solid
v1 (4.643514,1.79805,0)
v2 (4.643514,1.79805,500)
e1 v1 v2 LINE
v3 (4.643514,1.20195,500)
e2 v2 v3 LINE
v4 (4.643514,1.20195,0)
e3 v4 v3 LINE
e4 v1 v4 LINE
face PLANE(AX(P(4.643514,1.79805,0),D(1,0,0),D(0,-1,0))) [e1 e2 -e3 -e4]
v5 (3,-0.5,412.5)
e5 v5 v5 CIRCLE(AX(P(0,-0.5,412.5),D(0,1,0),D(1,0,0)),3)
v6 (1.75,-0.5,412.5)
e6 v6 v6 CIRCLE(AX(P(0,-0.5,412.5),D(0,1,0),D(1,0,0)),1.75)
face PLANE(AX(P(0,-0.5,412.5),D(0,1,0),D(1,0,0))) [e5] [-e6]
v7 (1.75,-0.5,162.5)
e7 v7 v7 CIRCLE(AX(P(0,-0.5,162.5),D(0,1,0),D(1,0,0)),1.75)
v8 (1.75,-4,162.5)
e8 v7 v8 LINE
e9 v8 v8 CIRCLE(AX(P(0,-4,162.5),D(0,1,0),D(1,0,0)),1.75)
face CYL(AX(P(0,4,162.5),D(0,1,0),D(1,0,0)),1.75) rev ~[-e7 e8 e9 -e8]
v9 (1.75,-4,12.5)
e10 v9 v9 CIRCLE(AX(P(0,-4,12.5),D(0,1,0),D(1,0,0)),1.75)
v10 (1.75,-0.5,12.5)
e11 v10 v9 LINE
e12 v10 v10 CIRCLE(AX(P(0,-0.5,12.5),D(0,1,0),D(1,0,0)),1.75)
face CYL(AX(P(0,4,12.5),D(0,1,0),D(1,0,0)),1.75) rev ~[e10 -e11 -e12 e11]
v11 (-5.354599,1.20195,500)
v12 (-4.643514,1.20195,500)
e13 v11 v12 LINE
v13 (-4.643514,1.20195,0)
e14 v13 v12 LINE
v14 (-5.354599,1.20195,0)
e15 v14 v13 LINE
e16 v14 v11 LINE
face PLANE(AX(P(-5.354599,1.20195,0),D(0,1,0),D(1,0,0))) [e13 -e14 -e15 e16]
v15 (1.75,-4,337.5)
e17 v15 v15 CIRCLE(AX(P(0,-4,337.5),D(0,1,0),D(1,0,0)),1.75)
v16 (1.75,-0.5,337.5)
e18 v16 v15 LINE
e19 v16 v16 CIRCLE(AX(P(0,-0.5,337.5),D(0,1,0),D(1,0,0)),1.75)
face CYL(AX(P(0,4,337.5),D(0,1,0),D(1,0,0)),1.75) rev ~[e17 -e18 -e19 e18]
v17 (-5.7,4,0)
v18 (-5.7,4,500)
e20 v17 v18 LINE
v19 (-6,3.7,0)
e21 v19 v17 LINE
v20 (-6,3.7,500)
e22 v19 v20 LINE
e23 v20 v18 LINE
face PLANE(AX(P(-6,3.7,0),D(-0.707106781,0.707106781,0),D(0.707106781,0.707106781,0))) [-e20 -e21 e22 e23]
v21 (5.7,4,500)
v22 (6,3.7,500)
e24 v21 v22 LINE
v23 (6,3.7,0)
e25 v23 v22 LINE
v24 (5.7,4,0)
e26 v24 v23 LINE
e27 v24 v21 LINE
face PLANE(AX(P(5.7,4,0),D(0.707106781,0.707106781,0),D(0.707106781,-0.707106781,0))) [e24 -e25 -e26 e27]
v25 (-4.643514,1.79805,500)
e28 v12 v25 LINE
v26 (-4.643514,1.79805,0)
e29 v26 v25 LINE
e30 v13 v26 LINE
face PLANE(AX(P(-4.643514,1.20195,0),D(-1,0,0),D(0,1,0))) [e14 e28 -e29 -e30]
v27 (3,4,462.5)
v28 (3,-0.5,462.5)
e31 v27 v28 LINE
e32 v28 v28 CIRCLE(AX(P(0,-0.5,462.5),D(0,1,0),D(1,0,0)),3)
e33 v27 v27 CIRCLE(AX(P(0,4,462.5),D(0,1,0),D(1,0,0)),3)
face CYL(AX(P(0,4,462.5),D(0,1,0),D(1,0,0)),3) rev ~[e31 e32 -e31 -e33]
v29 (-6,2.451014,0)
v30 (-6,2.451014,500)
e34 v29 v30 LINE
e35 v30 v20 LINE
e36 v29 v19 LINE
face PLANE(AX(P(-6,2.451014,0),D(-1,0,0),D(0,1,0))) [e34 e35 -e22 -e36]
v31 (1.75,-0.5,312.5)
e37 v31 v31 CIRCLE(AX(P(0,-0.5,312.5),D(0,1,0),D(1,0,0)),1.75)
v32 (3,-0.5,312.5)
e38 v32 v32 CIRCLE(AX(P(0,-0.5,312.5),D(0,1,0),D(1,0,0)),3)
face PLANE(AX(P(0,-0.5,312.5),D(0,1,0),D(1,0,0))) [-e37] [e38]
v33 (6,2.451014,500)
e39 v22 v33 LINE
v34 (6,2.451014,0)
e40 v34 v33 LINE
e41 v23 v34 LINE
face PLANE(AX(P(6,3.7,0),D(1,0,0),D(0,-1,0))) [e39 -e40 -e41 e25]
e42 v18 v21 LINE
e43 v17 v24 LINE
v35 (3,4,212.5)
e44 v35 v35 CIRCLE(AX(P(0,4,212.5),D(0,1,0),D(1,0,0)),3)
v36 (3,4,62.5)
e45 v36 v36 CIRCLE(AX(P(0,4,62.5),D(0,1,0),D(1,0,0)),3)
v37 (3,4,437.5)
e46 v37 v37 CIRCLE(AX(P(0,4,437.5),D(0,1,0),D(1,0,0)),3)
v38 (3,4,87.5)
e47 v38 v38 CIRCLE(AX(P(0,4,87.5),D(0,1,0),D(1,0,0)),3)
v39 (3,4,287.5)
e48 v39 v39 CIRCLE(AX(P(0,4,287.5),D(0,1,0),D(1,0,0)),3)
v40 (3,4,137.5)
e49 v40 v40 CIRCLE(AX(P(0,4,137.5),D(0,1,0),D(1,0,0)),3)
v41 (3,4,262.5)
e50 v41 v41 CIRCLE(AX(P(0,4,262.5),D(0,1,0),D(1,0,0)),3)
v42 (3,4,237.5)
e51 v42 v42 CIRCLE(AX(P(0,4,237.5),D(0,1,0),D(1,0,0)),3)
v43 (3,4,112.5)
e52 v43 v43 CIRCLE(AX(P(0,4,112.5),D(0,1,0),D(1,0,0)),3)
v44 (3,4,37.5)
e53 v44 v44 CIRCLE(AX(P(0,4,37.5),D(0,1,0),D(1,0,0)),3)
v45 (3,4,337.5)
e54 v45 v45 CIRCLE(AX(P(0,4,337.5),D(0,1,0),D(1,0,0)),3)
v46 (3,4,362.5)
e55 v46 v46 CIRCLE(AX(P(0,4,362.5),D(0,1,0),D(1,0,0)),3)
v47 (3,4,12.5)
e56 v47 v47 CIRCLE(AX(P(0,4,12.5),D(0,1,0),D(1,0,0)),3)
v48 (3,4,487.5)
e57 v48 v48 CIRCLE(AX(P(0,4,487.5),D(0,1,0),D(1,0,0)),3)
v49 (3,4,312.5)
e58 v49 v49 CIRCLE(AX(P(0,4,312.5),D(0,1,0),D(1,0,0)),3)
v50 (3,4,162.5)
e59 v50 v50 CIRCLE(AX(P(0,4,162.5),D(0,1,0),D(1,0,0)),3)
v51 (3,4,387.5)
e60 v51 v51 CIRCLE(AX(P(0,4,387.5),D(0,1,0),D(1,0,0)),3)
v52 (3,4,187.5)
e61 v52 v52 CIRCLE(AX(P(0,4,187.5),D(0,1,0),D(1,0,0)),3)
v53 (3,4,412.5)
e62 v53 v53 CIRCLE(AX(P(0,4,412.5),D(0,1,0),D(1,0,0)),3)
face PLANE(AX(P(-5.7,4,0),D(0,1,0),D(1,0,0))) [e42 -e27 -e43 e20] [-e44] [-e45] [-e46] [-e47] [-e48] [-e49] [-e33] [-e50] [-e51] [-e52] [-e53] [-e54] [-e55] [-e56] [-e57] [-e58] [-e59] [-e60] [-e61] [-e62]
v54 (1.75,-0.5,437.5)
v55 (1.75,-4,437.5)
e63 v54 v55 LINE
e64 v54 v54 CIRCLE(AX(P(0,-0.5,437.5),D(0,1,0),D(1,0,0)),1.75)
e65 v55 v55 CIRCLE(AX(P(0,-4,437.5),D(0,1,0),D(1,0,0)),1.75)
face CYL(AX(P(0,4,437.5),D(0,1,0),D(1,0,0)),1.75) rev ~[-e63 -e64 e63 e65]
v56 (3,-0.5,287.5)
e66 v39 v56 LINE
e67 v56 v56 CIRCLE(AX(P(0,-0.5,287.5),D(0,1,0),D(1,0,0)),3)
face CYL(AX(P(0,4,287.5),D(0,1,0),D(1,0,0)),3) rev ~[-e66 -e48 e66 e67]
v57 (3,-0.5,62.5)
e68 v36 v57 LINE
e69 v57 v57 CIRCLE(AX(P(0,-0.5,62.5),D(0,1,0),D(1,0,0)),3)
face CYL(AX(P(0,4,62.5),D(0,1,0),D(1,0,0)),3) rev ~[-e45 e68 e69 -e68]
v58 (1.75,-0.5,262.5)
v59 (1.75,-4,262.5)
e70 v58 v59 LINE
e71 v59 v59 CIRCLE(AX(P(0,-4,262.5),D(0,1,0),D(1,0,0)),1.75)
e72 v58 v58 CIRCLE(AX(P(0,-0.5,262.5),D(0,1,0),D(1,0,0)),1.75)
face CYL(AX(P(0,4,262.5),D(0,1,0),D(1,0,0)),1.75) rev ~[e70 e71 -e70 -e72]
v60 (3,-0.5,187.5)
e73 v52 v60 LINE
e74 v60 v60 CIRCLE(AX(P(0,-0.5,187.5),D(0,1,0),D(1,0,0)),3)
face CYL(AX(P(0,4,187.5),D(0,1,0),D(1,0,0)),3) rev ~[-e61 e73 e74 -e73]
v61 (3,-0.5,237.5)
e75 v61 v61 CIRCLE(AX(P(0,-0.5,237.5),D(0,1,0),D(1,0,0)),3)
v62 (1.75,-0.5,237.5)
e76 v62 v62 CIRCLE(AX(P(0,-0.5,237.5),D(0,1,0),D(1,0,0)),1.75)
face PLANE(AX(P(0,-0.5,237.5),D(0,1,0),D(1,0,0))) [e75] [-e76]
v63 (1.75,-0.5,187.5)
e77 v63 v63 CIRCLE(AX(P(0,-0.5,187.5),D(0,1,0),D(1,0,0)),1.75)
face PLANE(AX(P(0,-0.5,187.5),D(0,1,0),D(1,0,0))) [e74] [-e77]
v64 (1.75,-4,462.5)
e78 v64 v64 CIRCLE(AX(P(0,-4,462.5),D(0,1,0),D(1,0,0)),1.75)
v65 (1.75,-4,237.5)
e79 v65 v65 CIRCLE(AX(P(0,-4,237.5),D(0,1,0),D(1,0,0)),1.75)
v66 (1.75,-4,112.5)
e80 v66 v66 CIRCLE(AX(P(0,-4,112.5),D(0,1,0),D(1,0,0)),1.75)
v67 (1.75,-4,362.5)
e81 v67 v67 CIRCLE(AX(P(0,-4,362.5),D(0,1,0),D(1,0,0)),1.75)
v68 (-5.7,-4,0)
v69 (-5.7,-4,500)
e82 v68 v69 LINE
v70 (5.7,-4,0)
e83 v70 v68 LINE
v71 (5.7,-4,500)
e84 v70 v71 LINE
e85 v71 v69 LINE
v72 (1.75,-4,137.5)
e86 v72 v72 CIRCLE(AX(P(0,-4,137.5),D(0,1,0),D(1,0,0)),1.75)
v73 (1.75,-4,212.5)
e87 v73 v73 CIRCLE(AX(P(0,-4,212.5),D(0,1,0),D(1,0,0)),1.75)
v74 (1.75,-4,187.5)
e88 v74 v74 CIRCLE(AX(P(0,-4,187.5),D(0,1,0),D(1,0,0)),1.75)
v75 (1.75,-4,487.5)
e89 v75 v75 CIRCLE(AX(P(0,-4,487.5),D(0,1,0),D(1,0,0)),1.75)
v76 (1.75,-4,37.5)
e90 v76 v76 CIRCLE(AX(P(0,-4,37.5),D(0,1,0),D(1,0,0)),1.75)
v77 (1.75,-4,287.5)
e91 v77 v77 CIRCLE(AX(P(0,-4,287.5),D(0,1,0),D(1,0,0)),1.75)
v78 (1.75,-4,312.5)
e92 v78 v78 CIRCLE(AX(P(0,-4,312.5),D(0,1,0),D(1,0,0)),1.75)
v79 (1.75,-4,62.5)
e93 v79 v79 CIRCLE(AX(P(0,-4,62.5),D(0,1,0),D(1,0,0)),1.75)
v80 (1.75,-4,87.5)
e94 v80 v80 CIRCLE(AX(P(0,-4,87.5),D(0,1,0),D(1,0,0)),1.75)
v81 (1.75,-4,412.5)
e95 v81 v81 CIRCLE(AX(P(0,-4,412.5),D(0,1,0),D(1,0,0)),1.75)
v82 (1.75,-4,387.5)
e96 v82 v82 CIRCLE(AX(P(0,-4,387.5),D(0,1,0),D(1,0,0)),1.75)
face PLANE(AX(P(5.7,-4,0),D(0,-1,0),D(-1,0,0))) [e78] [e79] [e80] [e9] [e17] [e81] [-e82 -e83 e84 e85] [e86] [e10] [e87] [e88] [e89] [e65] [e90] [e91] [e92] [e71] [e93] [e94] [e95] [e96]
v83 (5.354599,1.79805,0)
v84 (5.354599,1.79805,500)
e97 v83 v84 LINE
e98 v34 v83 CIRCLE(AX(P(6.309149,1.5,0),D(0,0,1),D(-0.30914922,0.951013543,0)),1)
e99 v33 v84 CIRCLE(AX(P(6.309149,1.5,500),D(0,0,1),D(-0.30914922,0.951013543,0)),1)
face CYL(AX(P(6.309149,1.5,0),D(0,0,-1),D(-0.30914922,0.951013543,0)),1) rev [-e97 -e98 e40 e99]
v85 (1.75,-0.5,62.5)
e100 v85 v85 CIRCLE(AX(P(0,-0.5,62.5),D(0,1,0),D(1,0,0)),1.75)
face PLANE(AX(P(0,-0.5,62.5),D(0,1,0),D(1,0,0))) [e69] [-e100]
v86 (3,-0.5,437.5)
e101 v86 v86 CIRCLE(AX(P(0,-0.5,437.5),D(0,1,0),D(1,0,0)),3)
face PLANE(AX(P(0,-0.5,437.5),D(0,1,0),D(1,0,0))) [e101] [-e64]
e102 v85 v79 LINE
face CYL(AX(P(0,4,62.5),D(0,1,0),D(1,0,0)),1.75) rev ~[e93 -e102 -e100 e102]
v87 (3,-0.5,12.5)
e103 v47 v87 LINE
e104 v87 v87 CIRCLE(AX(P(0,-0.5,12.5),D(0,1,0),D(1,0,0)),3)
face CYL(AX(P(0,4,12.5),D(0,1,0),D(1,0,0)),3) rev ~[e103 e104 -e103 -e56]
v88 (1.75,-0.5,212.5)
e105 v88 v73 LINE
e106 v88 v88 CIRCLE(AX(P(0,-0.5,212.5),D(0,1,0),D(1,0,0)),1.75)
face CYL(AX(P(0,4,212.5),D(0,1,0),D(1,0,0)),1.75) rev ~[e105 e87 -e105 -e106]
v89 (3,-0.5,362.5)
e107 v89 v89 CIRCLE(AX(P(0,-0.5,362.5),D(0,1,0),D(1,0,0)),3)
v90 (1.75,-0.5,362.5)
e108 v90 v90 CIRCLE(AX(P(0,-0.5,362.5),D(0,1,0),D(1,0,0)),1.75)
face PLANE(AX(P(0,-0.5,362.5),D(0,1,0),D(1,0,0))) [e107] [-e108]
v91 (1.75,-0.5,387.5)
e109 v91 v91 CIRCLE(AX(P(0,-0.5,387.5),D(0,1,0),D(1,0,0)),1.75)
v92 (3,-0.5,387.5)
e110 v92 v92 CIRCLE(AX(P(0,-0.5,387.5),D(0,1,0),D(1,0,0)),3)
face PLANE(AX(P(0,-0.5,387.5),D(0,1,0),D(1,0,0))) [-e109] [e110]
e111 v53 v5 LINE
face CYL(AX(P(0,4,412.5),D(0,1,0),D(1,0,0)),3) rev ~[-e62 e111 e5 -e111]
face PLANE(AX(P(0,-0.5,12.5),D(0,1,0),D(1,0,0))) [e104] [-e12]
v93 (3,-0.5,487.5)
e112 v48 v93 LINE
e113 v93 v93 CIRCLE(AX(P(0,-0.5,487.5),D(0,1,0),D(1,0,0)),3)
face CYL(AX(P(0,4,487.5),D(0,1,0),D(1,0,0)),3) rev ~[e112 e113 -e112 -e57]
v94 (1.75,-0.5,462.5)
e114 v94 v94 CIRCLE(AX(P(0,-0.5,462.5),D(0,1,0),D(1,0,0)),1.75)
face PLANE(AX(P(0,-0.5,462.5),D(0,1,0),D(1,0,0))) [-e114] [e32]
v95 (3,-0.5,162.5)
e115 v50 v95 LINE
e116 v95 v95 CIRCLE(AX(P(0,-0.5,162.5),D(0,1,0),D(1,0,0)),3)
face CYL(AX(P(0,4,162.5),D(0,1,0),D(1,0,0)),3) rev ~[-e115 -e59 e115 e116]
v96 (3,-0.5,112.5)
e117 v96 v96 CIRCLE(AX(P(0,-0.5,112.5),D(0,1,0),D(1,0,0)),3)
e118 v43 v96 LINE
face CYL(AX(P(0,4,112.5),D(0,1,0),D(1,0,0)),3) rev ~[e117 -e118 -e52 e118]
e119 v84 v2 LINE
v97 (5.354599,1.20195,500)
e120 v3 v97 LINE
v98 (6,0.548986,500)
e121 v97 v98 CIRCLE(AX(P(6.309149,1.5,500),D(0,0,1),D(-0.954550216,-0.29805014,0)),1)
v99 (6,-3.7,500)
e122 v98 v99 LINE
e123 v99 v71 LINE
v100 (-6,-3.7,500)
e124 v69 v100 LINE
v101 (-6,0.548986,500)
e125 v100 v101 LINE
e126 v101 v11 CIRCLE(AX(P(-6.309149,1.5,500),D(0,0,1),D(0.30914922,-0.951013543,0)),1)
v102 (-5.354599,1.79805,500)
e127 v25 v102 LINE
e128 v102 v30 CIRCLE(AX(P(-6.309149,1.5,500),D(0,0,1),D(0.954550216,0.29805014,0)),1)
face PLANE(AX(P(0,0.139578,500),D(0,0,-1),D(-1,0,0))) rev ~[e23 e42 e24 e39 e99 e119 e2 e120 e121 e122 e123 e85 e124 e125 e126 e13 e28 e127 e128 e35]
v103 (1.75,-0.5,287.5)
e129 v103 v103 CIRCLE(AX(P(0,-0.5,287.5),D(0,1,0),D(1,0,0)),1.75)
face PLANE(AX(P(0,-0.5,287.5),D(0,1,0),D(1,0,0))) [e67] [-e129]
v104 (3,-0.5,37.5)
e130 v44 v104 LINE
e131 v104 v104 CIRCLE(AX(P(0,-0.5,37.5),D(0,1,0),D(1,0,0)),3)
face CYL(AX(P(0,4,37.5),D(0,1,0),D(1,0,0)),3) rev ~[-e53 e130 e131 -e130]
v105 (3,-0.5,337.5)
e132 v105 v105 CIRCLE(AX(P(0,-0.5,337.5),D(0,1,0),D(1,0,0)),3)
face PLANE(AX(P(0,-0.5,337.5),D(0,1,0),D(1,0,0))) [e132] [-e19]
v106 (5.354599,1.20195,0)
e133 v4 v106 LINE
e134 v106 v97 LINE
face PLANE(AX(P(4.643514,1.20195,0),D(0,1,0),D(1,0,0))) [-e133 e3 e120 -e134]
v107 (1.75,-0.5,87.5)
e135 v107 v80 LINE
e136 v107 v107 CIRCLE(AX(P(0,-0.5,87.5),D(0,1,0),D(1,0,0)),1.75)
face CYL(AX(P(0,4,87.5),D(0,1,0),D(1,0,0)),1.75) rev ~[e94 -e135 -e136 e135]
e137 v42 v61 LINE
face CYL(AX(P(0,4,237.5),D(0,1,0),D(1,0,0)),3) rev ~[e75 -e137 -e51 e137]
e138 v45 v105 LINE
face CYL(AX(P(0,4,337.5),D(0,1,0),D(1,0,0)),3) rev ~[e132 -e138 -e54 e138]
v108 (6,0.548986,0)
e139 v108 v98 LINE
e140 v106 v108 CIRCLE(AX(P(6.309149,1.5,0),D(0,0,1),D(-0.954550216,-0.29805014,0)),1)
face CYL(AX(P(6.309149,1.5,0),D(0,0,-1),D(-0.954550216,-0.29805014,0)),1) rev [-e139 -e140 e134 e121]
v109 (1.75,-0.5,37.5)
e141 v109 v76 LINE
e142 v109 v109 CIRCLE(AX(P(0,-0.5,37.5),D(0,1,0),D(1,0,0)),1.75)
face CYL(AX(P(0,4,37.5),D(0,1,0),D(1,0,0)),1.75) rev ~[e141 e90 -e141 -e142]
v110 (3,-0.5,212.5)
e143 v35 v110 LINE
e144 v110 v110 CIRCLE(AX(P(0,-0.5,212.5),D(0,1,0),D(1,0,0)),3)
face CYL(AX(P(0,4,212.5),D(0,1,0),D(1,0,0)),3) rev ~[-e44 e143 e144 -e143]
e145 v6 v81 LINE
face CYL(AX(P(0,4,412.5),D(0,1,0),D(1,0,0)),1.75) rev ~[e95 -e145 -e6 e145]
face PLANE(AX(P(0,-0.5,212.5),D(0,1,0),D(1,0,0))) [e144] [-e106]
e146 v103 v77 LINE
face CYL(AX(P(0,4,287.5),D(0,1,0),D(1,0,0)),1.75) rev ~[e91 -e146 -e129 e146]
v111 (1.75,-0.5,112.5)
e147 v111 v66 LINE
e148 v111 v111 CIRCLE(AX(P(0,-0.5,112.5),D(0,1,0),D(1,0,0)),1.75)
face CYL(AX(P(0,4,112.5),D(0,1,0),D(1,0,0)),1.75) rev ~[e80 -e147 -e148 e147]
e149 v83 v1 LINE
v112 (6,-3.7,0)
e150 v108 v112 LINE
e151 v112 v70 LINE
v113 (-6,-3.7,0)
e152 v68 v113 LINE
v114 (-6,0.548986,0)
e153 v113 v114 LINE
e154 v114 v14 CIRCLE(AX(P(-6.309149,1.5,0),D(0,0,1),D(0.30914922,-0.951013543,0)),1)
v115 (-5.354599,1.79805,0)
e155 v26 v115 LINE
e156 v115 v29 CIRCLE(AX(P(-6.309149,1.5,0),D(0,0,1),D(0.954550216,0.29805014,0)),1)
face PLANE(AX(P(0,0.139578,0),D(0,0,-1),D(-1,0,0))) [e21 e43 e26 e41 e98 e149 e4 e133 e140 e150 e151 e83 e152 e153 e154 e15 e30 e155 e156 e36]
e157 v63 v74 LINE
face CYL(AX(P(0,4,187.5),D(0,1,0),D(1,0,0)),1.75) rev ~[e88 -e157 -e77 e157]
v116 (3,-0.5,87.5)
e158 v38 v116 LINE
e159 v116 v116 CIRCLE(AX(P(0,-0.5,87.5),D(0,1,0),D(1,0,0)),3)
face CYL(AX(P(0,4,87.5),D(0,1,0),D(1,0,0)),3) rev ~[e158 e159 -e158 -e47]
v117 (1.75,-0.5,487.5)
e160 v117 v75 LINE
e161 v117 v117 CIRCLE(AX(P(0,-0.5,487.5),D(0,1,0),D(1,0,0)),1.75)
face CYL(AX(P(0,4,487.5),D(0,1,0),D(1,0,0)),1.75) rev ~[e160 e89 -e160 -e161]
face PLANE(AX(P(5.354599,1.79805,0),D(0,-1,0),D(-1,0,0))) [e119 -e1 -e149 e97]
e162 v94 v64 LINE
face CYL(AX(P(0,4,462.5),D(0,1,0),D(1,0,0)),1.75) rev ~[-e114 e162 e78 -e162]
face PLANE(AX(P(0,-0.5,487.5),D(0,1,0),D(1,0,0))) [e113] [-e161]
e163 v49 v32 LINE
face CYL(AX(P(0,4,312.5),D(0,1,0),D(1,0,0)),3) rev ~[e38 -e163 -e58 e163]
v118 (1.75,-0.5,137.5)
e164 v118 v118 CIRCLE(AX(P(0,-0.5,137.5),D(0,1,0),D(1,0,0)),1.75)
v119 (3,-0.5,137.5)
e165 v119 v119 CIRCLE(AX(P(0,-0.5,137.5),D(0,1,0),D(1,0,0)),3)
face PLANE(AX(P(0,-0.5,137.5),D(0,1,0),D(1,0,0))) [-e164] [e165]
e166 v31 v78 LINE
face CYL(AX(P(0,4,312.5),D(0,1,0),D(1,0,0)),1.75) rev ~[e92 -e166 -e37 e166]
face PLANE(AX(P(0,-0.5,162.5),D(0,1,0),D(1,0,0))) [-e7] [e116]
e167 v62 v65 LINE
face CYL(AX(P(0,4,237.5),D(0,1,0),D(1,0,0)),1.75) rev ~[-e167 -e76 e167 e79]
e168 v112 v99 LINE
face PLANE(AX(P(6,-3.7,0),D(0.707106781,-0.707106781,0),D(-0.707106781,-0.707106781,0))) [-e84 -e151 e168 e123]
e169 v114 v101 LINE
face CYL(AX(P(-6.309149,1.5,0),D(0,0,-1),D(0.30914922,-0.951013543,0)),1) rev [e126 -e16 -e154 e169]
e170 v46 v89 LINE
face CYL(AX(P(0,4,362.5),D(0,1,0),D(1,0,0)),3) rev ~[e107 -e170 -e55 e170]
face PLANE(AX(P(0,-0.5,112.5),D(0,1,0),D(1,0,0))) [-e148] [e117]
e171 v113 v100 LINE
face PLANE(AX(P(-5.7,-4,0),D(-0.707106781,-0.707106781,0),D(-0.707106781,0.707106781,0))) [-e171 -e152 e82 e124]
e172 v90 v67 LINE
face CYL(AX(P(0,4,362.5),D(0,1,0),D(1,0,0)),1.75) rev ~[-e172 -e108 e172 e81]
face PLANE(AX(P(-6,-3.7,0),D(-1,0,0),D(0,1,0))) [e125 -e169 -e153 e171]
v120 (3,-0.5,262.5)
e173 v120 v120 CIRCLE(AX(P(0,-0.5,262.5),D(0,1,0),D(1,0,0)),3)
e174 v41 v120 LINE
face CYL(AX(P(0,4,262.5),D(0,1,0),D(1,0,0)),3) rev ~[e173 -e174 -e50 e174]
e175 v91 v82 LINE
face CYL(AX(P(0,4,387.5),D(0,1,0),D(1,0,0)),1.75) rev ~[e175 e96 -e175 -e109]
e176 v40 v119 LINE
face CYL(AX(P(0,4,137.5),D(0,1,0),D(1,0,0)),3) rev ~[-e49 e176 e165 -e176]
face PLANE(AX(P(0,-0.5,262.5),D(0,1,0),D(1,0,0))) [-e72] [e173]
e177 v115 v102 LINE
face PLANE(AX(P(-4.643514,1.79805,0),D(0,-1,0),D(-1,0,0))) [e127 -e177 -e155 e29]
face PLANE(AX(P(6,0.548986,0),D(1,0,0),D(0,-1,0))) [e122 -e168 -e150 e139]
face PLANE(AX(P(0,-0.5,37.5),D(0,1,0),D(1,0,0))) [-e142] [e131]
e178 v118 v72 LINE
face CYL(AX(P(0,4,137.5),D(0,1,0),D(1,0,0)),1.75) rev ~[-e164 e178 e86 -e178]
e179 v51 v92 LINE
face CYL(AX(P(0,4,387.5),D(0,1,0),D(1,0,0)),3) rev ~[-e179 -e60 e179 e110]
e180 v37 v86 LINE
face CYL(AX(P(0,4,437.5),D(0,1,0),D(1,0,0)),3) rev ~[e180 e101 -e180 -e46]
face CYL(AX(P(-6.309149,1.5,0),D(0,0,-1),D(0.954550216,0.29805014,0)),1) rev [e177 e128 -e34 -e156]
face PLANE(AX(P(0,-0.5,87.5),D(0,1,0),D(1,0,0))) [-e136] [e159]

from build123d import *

# Parameters (mm, degrees)
EXTRUDE_1_DEPTH        = 500
SKETCH_2_R             = 3
SKETCH_2_R_2           = 1.75
CUT_EXTRUDE_1_DEPTH    = 4.5
SKETCH_2_2_R           = 1.75
CUT_EXTRUDE_2_DEPTH    = 9
PATTERN_LINEAR_1_COUNT = 20
PATTERN_LINEAR_1_PITCH = 25


with BuildPart() as part:
    # Sketch 1 → Extrude 1 (new body)
    with BuildSketch(Plane.XY):
        with BuildLine():
            Line((-6, 3.7), (-5.7, 4))
            Line((-5.7, 4), (5.7, 4))
            Line((5.7, 4), (6, 3.7))
            Line((6, 3.7), (6, 2.451013544))
            ThreePointArc((6, 2.451013544), (5.597935912, 2.202976267), (5.354599002, 1.798050138))
            Line((5.354599002, 1.798050138), (4.643514056, 1.798050138))
            Line((4.643514056, 1.798050138), (4.643514056, 1.201949862))
            Line((4.643514056, 1.201949862), (5.354599002, 1.201949862))
            ThreePointArc((5.354599002, 1.201949862), (5.597935912, 0.797023733), (6, 0.548986456))
            Line((6, 0.548986456), (6, -3.7))
            Line((6, -3.7), (5.7, -4))
            Line((5.7, -4), (-5.7, -4))
            Line((-5.7, -4), (-6, -3.7))
            Line((-6, -3.7), (-6, 0.548986456))
            ThreePointArc((-6, 0.548986456), (-5.597935912, 0.797023733), (-5.354599002, 1.201949862))
            Line((-5.354599002, 1.201949862), (-4.643514056, 1.201949862))
            Line((-4.643514056, 1.201949862), (-4.643514056, 1.798050138))
            Line((-4.643514056, 1.798050138), (-5.354599002, 1.798050138))
            ThreePointArc((-5.354599002, 1.798050138), (-5.597935912, 2.202976267), (-6, 2.451013544))
            Line((-6, 2.451013544), (-6, 3.7))
        make_face()
    extrude(amount=EXTRUDE_1_DEPTH)

    # Sketch 2 → Cut-Extrude 1 (cut)
    with BuildSketch(Plane(origin=(0, 4, 0), x_dir=(1, 0, 0), z_dir=(0, 1, 0))):
        with Locations((0, -12.5)):
            Circle(SKETCH_2_R)
        with Locations((0, -12.5)):
            Circle(SKETCH_2_R_2, mode=Mode.SUBTRACT)
    cut_extrude_1 = extrude(amount=-CUT_EXTRUDE_1_DEPTH, mode=Mode.SUBTRACT)

    # Sketch 2_2 → Cut-Extrude 2 (cut, through all)
    with BuildSketch(Plane(origin=(0, 4, 0), x_dir=(1, 0, 0), z_dir=(0, 1, 0))):
        with Locations((0, -12.5)):
            Circle(SKETCH_2_2_R)
    cut_extrude_2 = extrude(amount=-CUT_EXTRUDE_2_DEPTH, mode=Mode.SUBTRACT)

    # Pattern Linear 1: Cut-Extrude 1, Cut-Extrude 2 ×20
    with Locations(*[(0, 0, i * PATTERN_LINEAR_1_PITCH) for i in range(1, PATTERN_LINEAR_1_COUNT)]):
        add(cut_extrude_1, mode=Mode.SUBTRACT)
        add(cut_extrude_2, mode=Mode.SUBTRACT)


solid = part.part
